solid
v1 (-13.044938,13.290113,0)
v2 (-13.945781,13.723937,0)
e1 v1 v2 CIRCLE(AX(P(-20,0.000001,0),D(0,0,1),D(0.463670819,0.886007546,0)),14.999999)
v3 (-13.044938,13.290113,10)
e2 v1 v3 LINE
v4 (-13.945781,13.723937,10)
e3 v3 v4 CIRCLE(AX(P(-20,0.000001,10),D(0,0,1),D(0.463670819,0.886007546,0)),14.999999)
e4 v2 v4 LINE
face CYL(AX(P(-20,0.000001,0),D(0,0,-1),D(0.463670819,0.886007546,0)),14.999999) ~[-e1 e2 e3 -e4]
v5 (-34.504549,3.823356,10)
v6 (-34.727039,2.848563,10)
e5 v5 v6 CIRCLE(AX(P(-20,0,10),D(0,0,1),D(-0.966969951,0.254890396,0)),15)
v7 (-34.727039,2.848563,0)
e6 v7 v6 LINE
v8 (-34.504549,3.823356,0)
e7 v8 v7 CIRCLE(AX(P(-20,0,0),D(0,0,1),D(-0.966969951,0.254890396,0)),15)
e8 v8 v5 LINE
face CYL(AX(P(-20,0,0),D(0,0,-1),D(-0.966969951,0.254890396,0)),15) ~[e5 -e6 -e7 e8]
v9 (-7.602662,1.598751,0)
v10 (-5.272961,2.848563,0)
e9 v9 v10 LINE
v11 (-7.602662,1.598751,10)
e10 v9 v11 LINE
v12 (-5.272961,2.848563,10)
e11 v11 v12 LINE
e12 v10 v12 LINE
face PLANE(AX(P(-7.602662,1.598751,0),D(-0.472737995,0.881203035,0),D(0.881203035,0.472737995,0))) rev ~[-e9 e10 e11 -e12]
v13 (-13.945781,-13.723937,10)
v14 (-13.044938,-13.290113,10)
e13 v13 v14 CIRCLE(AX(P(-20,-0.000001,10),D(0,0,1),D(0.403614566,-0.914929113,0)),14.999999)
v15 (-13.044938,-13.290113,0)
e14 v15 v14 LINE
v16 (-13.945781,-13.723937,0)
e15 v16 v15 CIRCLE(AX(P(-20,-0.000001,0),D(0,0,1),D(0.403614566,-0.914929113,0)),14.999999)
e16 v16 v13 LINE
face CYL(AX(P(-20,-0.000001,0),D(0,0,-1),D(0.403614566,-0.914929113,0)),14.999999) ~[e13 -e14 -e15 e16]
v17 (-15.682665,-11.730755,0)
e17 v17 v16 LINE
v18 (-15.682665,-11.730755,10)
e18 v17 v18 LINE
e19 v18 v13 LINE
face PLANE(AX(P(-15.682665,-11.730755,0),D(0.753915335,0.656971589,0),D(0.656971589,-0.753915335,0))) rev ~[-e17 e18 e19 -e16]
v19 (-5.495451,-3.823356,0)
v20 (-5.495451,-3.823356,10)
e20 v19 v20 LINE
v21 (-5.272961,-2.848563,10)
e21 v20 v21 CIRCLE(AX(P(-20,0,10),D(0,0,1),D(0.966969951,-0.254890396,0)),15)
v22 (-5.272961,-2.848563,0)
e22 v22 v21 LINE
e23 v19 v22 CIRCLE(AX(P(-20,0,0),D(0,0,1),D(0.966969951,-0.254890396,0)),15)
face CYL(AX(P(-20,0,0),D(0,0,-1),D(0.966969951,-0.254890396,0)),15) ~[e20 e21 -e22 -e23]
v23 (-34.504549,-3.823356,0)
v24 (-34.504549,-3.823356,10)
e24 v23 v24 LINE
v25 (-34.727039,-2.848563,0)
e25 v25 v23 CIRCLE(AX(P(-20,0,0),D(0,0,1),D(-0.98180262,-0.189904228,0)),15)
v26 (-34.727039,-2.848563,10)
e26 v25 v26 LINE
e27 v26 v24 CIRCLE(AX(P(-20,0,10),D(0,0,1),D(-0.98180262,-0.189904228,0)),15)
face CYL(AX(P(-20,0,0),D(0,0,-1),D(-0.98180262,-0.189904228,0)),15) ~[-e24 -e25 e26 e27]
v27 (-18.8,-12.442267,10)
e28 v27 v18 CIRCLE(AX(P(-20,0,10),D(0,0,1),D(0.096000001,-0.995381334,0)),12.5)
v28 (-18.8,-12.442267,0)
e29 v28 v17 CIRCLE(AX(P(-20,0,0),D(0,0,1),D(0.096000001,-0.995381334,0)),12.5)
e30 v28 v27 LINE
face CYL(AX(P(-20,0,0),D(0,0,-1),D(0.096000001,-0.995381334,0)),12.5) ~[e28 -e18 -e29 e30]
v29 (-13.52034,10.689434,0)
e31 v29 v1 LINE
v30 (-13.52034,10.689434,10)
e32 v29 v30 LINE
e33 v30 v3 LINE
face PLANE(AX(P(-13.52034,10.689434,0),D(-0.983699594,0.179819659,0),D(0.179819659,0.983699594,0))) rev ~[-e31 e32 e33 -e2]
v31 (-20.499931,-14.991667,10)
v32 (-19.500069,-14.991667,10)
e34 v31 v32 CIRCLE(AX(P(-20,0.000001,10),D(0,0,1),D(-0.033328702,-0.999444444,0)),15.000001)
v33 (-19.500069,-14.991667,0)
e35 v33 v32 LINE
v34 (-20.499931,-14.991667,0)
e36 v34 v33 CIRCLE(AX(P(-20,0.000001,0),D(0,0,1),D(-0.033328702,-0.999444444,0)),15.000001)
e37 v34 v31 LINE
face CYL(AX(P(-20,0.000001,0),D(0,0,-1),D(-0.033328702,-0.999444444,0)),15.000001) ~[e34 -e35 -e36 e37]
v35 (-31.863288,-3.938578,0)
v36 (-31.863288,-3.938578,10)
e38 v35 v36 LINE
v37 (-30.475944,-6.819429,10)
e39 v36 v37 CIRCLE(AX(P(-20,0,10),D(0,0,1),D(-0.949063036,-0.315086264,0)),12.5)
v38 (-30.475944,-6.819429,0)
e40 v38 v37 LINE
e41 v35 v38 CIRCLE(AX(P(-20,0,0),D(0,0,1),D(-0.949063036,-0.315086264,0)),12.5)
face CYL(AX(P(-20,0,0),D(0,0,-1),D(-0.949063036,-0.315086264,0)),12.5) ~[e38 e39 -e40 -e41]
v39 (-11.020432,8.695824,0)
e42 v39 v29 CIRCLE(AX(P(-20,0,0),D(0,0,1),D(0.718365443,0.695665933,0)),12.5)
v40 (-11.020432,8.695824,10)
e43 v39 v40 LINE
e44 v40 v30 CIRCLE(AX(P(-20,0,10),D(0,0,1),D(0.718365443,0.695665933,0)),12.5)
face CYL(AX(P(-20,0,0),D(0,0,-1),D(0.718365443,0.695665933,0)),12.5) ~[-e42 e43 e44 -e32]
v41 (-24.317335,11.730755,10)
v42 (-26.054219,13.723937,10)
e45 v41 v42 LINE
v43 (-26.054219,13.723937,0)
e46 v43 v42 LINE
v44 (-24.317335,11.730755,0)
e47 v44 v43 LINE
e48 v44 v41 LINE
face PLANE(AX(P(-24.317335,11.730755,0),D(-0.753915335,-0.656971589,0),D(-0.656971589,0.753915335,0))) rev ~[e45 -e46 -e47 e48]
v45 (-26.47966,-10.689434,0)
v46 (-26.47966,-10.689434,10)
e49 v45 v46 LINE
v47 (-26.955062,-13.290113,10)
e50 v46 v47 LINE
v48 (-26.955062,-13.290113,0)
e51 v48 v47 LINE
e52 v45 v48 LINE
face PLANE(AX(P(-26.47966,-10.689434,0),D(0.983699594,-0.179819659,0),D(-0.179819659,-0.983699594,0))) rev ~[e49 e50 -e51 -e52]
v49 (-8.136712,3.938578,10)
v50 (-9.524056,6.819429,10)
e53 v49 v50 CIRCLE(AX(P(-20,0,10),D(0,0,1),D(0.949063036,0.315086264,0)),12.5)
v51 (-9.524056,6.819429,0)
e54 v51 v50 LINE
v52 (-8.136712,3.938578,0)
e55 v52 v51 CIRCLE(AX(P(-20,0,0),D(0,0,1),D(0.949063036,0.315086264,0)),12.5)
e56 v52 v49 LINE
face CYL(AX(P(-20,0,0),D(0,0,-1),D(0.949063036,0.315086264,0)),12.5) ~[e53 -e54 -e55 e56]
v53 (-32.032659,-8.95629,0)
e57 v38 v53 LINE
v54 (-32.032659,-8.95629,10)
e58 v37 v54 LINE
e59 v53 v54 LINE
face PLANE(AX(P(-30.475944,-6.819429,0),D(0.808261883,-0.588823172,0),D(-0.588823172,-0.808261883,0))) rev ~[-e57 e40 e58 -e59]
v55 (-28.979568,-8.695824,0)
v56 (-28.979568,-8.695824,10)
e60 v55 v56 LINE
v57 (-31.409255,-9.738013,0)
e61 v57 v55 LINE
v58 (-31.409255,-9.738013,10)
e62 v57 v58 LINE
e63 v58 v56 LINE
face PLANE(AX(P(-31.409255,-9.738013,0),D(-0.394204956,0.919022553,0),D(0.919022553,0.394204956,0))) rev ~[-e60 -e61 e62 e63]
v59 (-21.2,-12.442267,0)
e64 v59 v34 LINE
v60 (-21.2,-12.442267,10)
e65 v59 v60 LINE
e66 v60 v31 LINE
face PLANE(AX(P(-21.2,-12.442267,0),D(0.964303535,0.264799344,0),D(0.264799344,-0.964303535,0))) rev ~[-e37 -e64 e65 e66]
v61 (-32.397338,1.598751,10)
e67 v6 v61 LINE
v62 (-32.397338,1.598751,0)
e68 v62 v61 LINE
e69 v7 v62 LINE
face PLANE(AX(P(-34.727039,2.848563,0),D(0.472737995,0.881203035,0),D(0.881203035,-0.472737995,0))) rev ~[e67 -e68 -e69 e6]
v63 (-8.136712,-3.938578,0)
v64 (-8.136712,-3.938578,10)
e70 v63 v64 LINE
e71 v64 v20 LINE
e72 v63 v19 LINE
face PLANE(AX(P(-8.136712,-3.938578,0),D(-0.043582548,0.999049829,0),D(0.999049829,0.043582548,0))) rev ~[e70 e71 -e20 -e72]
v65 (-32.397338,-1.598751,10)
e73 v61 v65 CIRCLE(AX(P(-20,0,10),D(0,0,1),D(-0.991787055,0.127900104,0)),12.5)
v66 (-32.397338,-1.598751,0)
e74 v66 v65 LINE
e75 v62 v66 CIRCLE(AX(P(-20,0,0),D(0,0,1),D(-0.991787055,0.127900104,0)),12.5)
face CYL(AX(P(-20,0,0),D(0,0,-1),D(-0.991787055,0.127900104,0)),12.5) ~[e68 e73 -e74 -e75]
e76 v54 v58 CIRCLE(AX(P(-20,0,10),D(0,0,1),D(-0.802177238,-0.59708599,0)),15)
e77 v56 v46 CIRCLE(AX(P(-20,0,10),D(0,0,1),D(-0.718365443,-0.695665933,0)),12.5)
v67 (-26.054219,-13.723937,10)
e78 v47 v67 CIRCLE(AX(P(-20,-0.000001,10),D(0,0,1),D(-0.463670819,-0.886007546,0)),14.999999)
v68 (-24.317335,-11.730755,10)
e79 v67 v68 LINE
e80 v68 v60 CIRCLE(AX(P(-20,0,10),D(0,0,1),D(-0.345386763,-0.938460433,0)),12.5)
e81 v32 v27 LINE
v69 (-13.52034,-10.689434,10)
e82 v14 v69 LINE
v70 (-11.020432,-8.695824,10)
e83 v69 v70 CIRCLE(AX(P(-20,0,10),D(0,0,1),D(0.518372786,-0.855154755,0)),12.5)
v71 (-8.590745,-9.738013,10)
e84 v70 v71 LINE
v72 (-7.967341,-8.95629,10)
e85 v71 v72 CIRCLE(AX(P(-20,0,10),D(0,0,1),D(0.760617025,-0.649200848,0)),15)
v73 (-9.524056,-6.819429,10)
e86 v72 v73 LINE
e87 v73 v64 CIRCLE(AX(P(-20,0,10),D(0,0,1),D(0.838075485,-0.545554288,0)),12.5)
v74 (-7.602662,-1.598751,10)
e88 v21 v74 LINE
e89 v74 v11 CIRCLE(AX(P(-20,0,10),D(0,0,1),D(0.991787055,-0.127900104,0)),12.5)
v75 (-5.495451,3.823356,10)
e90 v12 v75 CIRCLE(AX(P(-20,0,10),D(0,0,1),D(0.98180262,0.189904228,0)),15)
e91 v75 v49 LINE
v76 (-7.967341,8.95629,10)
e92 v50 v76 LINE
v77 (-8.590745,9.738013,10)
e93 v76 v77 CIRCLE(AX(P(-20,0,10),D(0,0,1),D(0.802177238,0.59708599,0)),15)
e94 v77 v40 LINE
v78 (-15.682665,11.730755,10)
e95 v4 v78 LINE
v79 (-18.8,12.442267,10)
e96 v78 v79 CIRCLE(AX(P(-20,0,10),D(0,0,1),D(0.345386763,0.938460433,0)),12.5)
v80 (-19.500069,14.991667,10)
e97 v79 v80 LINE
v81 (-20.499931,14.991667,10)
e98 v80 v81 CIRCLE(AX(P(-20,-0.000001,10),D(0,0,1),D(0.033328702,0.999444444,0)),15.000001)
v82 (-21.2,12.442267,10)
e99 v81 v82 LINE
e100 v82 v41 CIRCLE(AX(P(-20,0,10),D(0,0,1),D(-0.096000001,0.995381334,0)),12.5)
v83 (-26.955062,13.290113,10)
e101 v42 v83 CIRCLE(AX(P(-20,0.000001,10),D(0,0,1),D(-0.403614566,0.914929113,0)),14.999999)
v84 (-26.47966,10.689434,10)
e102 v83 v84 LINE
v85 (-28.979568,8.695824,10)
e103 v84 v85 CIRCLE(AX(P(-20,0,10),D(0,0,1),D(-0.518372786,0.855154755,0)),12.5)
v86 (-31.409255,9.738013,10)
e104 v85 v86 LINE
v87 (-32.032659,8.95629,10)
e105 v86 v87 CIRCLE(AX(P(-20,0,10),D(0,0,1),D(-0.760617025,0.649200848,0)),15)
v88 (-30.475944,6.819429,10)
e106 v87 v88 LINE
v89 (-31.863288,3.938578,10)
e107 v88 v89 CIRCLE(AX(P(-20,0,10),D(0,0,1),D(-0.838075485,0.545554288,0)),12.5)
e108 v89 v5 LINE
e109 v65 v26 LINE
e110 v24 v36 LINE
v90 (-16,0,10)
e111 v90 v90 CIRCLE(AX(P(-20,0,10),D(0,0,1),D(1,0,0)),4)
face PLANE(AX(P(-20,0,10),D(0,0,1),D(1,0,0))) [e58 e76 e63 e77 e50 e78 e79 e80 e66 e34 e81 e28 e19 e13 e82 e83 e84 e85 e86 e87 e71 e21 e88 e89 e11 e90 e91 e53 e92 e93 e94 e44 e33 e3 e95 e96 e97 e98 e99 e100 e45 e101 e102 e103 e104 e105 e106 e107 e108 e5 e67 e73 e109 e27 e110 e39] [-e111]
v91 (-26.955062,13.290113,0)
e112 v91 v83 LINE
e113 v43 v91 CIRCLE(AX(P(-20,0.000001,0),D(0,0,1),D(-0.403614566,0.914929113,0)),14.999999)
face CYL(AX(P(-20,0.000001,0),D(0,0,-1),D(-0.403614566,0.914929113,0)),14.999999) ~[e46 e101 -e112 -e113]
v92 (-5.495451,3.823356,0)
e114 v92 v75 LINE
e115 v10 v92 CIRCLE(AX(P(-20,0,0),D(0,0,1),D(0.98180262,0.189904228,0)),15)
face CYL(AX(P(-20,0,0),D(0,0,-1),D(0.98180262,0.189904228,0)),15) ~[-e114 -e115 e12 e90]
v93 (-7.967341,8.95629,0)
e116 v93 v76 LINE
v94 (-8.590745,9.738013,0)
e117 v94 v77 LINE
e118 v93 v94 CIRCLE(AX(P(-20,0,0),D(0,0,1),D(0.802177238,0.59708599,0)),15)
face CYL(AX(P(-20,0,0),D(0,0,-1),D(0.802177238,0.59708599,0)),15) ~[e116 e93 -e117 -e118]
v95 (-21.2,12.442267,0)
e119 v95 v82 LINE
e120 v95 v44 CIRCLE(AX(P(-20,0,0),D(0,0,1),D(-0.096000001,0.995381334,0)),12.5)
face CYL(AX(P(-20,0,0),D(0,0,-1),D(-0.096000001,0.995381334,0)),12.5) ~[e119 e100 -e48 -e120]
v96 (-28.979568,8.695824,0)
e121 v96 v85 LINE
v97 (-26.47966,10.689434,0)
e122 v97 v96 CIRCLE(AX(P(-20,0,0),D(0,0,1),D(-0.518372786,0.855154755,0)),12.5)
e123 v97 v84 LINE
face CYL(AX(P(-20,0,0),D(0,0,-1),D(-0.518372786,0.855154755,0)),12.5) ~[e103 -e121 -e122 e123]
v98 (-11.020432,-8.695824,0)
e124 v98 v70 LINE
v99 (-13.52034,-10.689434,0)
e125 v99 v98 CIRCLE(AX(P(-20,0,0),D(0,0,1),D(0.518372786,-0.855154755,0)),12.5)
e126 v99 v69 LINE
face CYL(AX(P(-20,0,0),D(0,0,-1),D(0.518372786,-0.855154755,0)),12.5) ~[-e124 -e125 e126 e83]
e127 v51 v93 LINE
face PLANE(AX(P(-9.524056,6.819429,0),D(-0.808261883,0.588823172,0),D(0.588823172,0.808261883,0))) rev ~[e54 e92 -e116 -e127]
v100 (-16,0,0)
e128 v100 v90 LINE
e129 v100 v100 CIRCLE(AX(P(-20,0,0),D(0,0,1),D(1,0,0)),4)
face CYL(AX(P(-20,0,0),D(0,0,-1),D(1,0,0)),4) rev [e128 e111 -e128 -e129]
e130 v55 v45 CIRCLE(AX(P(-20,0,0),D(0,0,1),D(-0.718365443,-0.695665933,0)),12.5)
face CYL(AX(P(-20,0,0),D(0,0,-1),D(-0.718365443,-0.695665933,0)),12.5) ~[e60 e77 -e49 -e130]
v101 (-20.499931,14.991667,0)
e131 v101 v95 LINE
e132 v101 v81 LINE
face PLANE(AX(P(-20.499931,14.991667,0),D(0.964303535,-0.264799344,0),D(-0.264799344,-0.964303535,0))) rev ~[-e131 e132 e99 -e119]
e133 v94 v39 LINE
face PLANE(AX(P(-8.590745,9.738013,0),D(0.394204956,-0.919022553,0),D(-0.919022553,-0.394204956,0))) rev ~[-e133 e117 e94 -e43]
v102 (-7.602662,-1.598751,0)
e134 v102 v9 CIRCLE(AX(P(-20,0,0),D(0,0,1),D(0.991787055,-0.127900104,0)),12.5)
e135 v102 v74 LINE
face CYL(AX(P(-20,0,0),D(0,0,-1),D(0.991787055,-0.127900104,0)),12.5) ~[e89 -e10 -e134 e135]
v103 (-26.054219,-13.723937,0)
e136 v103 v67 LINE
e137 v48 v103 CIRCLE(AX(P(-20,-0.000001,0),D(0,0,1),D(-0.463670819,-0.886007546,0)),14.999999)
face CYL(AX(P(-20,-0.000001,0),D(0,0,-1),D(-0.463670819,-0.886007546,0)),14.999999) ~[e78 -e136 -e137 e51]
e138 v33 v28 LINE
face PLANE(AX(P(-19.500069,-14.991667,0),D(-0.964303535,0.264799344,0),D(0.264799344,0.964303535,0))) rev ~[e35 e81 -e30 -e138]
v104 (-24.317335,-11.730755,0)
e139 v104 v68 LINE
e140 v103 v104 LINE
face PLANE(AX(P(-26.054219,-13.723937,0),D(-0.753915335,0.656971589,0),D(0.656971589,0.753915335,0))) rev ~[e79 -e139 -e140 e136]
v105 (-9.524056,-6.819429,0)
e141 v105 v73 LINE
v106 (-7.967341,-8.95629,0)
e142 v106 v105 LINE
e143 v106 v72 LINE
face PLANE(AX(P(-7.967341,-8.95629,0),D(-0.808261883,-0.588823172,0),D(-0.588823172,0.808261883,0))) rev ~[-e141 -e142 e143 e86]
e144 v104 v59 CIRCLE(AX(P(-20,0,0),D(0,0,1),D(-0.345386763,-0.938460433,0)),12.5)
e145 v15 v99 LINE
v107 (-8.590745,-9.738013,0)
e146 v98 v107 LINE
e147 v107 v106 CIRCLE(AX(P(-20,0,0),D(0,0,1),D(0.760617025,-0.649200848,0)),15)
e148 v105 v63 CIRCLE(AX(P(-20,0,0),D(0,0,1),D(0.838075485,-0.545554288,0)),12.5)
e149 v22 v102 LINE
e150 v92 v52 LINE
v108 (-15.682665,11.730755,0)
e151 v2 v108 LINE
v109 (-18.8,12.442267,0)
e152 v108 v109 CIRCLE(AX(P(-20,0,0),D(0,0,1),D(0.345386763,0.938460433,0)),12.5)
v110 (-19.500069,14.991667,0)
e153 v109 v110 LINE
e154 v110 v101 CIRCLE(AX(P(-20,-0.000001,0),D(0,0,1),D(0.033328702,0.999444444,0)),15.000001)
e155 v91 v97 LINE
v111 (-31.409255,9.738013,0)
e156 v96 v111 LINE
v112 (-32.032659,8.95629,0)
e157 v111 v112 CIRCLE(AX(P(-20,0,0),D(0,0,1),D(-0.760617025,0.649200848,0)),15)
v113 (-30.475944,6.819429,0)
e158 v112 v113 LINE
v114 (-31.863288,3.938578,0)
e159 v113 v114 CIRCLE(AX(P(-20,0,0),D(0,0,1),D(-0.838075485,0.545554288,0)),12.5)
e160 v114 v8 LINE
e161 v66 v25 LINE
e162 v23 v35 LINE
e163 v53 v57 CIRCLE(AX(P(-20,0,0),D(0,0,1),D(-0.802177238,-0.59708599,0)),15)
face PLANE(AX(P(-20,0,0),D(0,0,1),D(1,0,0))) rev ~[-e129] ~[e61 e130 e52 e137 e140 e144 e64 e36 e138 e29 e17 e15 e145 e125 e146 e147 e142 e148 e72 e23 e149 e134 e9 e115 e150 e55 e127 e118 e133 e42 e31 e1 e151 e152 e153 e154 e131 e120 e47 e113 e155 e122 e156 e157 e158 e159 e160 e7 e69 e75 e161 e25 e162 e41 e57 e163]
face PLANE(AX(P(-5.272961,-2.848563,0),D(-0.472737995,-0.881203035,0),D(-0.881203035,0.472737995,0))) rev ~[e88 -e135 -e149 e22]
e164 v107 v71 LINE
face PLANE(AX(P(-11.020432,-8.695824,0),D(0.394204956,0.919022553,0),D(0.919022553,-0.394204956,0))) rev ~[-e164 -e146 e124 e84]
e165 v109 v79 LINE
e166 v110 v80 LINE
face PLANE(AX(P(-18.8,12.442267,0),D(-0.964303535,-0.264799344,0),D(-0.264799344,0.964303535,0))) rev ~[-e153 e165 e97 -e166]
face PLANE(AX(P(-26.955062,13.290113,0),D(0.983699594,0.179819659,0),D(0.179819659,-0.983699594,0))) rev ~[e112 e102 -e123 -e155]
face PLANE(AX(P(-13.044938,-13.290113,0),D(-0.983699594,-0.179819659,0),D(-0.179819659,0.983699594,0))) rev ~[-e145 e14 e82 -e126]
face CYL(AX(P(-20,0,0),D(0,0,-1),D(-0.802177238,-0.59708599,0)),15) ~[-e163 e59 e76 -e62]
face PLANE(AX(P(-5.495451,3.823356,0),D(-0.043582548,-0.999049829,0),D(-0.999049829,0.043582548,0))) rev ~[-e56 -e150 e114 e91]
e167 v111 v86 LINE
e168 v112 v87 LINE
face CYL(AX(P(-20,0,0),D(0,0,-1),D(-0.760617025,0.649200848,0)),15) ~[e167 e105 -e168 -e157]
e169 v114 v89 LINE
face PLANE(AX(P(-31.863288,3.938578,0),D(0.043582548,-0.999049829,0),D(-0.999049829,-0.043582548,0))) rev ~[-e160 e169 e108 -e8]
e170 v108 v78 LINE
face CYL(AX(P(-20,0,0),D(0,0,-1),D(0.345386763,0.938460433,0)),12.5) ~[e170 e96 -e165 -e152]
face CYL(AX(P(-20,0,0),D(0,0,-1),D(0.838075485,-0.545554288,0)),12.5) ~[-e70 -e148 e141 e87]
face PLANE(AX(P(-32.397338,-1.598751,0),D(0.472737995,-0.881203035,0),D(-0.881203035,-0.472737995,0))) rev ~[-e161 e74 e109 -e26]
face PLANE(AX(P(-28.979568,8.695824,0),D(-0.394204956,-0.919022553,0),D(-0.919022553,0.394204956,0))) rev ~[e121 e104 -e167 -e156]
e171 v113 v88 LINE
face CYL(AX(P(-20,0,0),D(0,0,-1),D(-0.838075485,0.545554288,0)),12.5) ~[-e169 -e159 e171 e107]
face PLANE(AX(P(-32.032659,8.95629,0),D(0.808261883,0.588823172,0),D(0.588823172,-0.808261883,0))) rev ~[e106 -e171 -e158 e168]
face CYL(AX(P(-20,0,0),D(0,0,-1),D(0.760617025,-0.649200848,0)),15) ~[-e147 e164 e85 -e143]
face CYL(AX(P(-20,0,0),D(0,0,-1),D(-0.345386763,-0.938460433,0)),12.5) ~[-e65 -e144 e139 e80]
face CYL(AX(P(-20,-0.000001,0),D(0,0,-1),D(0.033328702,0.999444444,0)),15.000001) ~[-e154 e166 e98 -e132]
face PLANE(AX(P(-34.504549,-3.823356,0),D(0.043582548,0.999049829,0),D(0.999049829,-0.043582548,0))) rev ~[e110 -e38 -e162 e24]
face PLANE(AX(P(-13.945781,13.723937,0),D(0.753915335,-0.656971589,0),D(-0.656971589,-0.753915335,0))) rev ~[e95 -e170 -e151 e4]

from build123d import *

# Parameters (mm, degrees)
ESQUISSE2_R        = 4
BOSS_EXTRU_1_DEPTH = 10


with BuildPart() as part:
    # Esquisse2 → Boss.-Extru.1 (new body)
    with BuildSketch(Plane.XY):
        with BuildLine():
            ThreePointArc((-19.500069449, 14.991666667), (-20, 15), (-20.499930551, 14.991666667))
            Line((-20.499930551, 14.991666667), (-21.2, 12.442266675))
            ThreePointArc((-21.2, 12.442266675), (-22.781511674, 12.186598902), (-24.317334546, 11.730755407))
            Line((-24.317334546, 11.730755407), (-26.054218527, 13.723936681))
            ThreePointArc((-26.054218527, 13.723936681), (-26.508256087, 13.514533019), (-26.955062251, 13.290113208))
            Line((-26.955062251, 13.290113208), (-26.479659829, 10.689434433))
            ThreePointArc((-26.479659829, 10.689434433), (-27.793622523, 9.772893531), (-28.979568037, 8.695824163))
            Line((-28.979568037, 8.695824163), (-31.409255375, 9.738012723))
            ThreePointArc((-31.409255375, 9.738012723), (-31.727472237, 9.352347028), (-32.032658575, 8.956289836))
            Line((-32.032658575, 8.956289836), (-30.475943562, 6.819428605))
            ThreePointArc((-30.475943562, 6.819428605), (-31.262110849, 5.423546739), (-31.863287951, 3.938578296))
            Line((-31.863287951, 3.938578296), (-34.50454927, 3.823355916))
            ThreePointArc((-34.50454927, 3.823355916), (-34.623918683, 3.337814009), (-34.727039297, 2.84856342))
            Line((-34.727039297, 2.84856342), (-32.397338193, 1.598751306))
            ThreePointArc((-32.397338193, 1.598751306), (-32.5, 0), (-32.397338193, -1.598751306))
            Line((-32.397338193, -1.598751306), (-34.727039297, -2.84856342))
            ThreePointArc((-34.727039297, -2.84856342), (-34.623918683, -3.337814009), (-34.50454927, -3.823355916))
            Line((-34.50454927, -3.823355916), (-31.863287951, -3.938578296))
            ThreePointArc((-31.863287951, -3.938578296), (-31.262110849, -5.423546739), (-30.475943562, -6.819428605))
            Line((-30.475943562, -6.819428605), (-32.032658575, -8.956289836))
            ThreePointArc((-32.032658575, -8.956289836), (-31.727472237, -9.352347028), (-31.409255375, -9.738012723))
            Line((-31.409255375, -9.738012723), (-28.979568037, -8.695824163))
            ThreePointArc((-28.979568037, -8.695824163), (-27.793622523, -9.772893531), (-26.479659829, -10.689434433))
            Line((-26.479659829, -10.689434433), (-26.955062251, -13.290113208))
            ThreePointArc((-26.955062251, -13.290113208), (-26.508256087, -13.514533019), (-26.054218527, -13.723936681))
            Line((-26.054218527, -13.723936681), (-24.317334546, -11.730755407))
            ThreePointArc((-24.317334546, -11.730755407), (-22.781511674, -12.186598902), (-21.2, -12.442266675))
            Line((-21.2, -12.442266675), (-20.499930551, -14.991666667))
            ThreePointArc((-20.499930551, -14.991666667), (-20, -15), (-19.500069449, -14.991666667))
            Line((-19.500069449, -14.991666667), (-18.8, -12.442266675))
            ThreePointArc((-18.8, -12.442266675), (-17.218488326, -12.186598902), (-15.682665454, -11.730755407))
            Line((-15.682665454, -11.730755407), (-13.945781473, -13.723936681))
            ThreePointArc((-13.945781473, -13.723936681), (-13.491743913, -13.514533019), (-13.044937749, -13.290113208))
            Line((-13.044937749, -13.290113208), (-13.520340171, -10.689434433))
            ThreePointArc((-13.520340171, -10.689434433), (-12.206377477, -9.772893531), (-11.020431963, -8.695824163))
            Line((-11.020431963, -8.695824163), (-8.590744625, -9.738012723))
            ThreePointArc((-8.590744625, -9.738012723), (-8.272527763, -9.352347028), (-7.967341425, -8.956289836))
            Line((-7.967341425, -8.956289836), (-9.524056438, -6.819428605))
            ThreePointArc((-9.524056438, -6.819428605), (-8.737889151, -5.423546739), (-8.136712049, -3.938578296))
            Line((-8.136712049, -3.938578296), (-5.49545073, -3.823355916))
            ThreePointArc((-5.49545073, -3.823355916), (-5.376081317, -3.337814009), (-5.272960703, -2.84856342))
            Line((-5.272960703, -2.84856342), (-7.602661807, -1.598751306))
            ThreePointArc((-7.602661807, -1.598751306), (-7.5, 0), (-7.602661807, 1.598751306))
            Line((-7.602661807, 1.598751306), (-5.272960703, 2.84856342))
            ThreePointArc((-5.272960703, 2.84856342), (-5.376081317, 3.337814009), (-5.49545073, 3.823355916))
            Line((-5.49545073, 3.823355916), (-8.136712049, 3.938578296))
            ThreePointArc((-8.136712049, 3.938578296), (-8.737889151, 5.423546739), (-9.524056438, 6.819428605))
            Line((-9.524056438, 6.819428605), (-7.967341425, 8.956289836))
            ThreePointArc((-7.967341425, 8.956289836), (-8.272527763, 9.352347028), (-8.590744625, 9.738012723))
            Line((-8.590744625, 9.738012723), (-11.020431963, 8.695824163))
            ThreePointArc((-11.020431963, 8.695824163), (-12.206377477, 9.772893531), (-13.520340171, 10.689434433))
            Line((-13.520340171, 10.689434433), (-13.044937749, 13.290113208))
            ThreePointArc((-13.044937749, 13.290113208), (-13.491743913, 13.514533019), (-13.945781473, 13.723936681))
            Line((-13.945781473, 13.723936681), (-15.682665454, 11.730755407))
            ThreePointArc((-15.682665454, 11.730755407), (-17.218488326, 12.186598902), (-18.8, 12.442266675))
            Line((-18.8, 12.442266675), (-19.500069449, 14.991666667))
        make_face()
        with Locations((-20, 0)):
            Circle(ESQUISSE2_R, mode=Mode.SUBTRACT)
    extrude(amount=BOSS_EXTRU_1_DEPTH)


solid = part.part
